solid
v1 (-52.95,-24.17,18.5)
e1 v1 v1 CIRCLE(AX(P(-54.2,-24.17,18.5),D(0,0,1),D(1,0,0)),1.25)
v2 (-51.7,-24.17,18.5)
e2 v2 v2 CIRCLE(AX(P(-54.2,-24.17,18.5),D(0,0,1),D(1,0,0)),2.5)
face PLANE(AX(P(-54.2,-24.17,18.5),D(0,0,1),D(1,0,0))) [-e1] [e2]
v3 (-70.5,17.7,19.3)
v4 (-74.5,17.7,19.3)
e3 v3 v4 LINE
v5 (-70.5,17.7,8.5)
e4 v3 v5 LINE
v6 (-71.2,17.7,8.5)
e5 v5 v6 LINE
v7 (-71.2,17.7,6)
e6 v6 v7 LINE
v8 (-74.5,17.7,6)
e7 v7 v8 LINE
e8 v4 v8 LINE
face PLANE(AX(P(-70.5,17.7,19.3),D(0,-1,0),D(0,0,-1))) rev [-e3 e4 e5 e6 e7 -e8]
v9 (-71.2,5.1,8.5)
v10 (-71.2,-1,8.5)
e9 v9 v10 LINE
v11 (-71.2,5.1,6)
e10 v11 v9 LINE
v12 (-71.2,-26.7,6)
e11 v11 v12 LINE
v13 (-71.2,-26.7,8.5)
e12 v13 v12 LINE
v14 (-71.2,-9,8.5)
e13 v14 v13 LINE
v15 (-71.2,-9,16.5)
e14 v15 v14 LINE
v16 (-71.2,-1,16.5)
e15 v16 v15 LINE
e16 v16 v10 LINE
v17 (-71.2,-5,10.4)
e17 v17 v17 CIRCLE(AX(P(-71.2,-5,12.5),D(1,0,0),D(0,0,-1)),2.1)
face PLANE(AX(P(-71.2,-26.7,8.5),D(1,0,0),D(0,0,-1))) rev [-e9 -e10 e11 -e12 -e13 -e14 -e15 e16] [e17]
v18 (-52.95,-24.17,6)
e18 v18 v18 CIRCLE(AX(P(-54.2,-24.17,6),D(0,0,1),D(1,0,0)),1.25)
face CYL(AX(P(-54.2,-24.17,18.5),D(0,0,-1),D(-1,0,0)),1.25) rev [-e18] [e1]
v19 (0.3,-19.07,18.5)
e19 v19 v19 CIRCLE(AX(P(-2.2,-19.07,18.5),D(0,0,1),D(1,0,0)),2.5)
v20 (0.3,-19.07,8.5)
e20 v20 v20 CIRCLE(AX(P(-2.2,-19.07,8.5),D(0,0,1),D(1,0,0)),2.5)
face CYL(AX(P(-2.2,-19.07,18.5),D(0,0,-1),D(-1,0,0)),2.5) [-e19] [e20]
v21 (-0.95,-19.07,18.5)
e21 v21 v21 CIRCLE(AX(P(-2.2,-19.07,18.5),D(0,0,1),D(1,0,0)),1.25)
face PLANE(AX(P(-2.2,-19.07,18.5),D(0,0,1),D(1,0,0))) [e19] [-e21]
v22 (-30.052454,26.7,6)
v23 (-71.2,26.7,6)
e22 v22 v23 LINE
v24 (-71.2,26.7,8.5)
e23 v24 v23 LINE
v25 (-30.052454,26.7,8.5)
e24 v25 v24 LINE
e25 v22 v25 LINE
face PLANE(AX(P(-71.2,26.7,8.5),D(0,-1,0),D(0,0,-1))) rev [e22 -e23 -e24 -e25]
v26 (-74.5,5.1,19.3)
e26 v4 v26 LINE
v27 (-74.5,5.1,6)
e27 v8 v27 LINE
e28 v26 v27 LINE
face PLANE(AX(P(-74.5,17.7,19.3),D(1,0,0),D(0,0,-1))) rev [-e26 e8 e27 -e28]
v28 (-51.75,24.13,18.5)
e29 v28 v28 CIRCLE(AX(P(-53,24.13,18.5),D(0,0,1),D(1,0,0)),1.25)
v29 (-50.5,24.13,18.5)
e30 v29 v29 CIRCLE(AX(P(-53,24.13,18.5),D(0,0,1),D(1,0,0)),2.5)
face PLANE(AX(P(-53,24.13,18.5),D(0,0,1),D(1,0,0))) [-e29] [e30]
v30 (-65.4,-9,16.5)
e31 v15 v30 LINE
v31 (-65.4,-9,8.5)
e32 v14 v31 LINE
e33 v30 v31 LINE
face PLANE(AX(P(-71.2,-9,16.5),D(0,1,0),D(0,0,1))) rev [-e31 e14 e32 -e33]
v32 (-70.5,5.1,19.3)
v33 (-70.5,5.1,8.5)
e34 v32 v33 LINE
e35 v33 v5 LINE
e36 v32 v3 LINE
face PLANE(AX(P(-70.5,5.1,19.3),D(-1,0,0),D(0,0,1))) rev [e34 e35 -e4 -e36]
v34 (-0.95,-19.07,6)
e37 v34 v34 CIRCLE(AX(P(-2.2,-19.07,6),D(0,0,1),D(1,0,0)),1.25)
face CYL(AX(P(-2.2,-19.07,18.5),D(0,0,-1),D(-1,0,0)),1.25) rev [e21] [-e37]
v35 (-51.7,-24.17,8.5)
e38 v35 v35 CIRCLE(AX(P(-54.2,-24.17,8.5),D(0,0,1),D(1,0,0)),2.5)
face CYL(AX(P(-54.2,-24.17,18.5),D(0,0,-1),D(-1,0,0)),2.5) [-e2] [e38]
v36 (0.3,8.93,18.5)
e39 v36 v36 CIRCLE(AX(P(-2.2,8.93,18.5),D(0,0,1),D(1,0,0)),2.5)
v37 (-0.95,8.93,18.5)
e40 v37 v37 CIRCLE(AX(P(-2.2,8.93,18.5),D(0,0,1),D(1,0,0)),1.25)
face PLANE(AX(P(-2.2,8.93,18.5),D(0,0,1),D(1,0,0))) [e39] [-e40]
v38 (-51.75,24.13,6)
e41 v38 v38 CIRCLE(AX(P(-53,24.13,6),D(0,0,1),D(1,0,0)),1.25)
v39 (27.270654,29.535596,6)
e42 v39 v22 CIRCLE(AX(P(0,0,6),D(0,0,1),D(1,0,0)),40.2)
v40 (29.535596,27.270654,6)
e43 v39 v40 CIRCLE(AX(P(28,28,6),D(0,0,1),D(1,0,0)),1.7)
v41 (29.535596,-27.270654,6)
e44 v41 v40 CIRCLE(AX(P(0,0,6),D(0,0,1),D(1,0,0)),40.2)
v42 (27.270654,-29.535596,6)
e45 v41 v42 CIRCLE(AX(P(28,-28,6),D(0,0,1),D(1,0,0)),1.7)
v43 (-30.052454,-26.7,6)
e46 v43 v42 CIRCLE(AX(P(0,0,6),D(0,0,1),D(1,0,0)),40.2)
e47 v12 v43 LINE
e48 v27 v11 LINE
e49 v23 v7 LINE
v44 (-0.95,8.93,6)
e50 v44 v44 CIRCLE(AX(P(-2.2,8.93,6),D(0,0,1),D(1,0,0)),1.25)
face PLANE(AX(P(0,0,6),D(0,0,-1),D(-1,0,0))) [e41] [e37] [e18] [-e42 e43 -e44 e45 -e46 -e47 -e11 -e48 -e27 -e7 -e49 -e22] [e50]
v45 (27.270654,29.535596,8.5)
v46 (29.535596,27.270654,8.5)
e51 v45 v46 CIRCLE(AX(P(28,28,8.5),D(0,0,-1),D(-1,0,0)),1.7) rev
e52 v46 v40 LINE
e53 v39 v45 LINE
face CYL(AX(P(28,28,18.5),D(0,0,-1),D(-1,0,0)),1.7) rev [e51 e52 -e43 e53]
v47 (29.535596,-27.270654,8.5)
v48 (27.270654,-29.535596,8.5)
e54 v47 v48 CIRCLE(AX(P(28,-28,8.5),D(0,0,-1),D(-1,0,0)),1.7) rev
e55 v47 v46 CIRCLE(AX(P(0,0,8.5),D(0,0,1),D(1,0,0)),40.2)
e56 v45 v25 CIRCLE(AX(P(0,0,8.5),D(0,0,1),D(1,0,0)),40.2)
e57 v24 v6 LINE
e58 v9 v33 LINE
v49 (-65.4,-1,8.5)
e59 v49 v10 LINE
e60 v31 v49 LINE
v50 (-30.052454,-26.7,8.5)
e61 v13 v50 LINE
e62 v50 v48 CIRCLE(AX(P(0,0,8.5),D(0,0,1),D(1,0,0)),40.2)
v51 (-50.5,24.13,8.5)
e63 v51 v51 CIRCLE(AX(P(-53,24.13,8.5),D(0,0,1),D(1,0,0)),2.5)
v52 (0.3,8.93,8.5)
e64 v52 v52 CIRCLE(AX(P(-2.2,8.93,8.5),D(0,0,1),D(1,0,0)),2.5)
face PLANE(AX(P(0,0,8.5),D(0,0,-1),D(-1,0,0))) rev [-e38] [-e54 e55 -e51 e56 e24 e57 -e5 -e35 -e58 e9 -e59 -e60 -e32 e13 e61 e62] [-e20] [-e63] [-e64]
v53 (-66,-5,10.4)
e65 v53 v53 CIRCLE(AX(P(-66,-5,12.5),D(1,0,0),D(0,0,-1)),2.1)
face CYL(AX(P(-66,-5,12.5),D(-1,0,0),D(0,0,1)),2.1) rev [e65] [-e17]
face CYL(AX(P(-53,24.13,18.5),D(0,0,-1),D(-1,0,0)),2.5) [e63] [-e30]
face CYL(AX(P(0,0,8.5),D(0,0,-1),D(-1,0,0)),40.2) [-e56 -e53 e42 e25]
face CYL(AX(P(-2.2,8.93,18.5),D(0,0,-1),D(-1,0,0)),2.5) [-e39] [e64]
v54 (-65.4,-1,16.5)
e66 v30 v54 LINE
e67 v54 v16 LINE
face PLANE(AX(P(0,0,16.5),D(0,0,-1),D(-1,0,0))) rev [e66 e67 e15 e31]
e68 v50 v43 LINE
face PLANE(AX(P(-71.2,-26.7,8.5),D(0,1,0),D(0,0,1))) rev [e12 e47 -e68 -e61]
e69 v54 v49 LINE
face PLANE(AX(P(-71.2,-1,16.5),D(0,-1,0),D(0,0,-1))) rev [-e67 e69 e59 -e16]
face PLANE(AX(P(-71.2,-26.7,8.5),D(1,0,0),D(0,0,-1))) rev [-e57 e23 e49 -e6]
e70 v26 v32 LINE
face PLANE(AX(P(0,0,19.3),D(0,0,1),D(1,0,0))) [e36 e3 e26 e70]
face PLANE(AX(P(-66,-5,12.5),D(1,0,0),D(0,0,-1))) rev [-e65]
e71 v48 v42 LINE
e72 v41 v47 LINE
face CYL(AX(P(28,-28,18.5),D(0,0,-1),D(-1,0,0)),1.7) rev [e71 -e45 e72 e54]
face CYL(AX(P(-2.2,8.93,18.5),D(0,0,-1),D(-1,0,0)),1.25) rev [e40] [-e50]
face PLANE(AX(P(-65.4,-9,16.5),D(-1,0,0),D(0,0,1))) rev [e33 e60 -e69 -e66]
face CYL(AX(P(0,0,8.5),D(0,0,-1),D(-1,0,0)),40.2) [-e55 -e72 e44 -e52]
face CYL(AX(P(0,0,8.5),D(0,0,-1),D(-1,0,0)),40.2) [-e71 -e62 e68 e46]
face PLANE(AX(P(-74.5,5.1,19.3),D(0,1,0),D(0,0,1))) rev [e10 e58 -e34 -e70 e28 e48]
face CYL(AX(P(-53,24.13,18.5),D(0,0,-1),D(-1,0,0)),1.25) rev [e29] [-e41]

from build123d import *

# Parameters (mm, degrees)
SKETCH2_W           = 51.2
SKETCH2_H           = 53.4
BOSS_EXTRUDE2_DEPTH = 2.5
SKETCH3_R           = 40.2
BOSS_EXTRUDE3_DEPTH = 2.5
SKETCH4_R           = 2.5
BOSS_EXTRUDE4_DEPTH = 10
SKETCH5_W           = 5.8
SKETCH5_H           = 8
BOSS_EXTRUDE5_DEPTH = 8
SKETCH6_R           = 1.25
SKETCH6_R_2         = 1.7
CUT_EXTRUDE1_DEPTH  = 83.714750801
SKETCH7_R           = 2.1
CUT_EXTRUDE2_DEPTH  = 5.2
SKETCH8_W           = 4
SKETCH8_H           = 12.6
BOSS_EXTRUDE6_DEPTH = 13.3


with BuildPart() as part:
    # Sketch2 → Boss-Extrude2 (new body)
    with BuildSketch(Plane.XY.offset(6)):
        with Locations((-45.6, 0)):
            Rectangle(SKETCH2_W, SKETCH2_H)
    extrude(amount=BOSS_EXTRUDE2_DEPTH)

    # Sketch3 → Boss-Extrude3 (add)
    with BuildSketch(Plane.XY.offset(6)):
        Circle(SKETCH3_R)
    extrude(amount=BOSS_EXTRUDE3_DEPTH)

    # Sketch4 → Boss-Extrude4 (add)
    with BuildSketch(Plane.XY.offset(8.5)):
        with Locations((-54.2, -24.17)):
            Circle(SKETCH4_R)
        with Locations((-53, 24.13)):
            Circle(SKETCH4_R)
        with Locations((-2.2, -19.07)):
            Circle(SKETCH4_R)
        with Locations((-2.2, 8.93)):
            Circle(SKETCH4_R)
    extrude(amount=BOSS_EXTRUDE4_DEPTH)

    # Sketch5 → Boss-Extrude5 (add)
    with BuildSketch(Plane.XY.offset(8.5)):
        with Locations((-68.3, -5)):
            Rectangle(SKETCH5_W, SKETCH5_H)
    extrude(amount=BOSS_EXTRUDE5_DEPTH)

    # Sketch6 → Cut-Extrude1 (cut, through all)
    with BuildSketch(Plane.XY.offset(6)):
        with Locations((-54.2, -24.17)):
            Circle(SKETCH6_R)
        with Locations((-53, 24.13)):
            Circle(SKETCH6_R)
        with Locations((-2.2, -19.07)):
            Circle(SKETCH6_R)
        with Locations((-2.2, 8.93)):
            Circle(SKETCH6_R)
        with Locations((28, 28)):
            Circle(SKETCH6_R_2)
        with Locations((28, -28)):
            Circle(SKETCH6_R_2)
    extrude(amount=CUT_EXTRUDE1_DEPTH, mode=Mode.SUBTRACT)

    # Sketch7 → Cut-Extrude2 (cut)
    with BuildSketch(Plane(origin=(-71.2, 0, 0), x_dir=(0, 0, -1), z_dir=(1, 0, 0))):
        with Locations((-12.5, -5)):
            Circle(SKETCH7_R)
    extrude(amount=CUT_EXTRUDE2_DEPTH, mode=Mode.SUBTRACT)

    # Sketch8 → Boss-Extrude6 (add)
    with BuildSketch(Plane.XY.offset(6)):
        with Locations((-72.5, 11.4)):
            Rectangle(SKETCH8_W, SKETCH8_H)
    extrude(amount=BOSS_EXTRUDE6_DEPTH)


solid = part.part
